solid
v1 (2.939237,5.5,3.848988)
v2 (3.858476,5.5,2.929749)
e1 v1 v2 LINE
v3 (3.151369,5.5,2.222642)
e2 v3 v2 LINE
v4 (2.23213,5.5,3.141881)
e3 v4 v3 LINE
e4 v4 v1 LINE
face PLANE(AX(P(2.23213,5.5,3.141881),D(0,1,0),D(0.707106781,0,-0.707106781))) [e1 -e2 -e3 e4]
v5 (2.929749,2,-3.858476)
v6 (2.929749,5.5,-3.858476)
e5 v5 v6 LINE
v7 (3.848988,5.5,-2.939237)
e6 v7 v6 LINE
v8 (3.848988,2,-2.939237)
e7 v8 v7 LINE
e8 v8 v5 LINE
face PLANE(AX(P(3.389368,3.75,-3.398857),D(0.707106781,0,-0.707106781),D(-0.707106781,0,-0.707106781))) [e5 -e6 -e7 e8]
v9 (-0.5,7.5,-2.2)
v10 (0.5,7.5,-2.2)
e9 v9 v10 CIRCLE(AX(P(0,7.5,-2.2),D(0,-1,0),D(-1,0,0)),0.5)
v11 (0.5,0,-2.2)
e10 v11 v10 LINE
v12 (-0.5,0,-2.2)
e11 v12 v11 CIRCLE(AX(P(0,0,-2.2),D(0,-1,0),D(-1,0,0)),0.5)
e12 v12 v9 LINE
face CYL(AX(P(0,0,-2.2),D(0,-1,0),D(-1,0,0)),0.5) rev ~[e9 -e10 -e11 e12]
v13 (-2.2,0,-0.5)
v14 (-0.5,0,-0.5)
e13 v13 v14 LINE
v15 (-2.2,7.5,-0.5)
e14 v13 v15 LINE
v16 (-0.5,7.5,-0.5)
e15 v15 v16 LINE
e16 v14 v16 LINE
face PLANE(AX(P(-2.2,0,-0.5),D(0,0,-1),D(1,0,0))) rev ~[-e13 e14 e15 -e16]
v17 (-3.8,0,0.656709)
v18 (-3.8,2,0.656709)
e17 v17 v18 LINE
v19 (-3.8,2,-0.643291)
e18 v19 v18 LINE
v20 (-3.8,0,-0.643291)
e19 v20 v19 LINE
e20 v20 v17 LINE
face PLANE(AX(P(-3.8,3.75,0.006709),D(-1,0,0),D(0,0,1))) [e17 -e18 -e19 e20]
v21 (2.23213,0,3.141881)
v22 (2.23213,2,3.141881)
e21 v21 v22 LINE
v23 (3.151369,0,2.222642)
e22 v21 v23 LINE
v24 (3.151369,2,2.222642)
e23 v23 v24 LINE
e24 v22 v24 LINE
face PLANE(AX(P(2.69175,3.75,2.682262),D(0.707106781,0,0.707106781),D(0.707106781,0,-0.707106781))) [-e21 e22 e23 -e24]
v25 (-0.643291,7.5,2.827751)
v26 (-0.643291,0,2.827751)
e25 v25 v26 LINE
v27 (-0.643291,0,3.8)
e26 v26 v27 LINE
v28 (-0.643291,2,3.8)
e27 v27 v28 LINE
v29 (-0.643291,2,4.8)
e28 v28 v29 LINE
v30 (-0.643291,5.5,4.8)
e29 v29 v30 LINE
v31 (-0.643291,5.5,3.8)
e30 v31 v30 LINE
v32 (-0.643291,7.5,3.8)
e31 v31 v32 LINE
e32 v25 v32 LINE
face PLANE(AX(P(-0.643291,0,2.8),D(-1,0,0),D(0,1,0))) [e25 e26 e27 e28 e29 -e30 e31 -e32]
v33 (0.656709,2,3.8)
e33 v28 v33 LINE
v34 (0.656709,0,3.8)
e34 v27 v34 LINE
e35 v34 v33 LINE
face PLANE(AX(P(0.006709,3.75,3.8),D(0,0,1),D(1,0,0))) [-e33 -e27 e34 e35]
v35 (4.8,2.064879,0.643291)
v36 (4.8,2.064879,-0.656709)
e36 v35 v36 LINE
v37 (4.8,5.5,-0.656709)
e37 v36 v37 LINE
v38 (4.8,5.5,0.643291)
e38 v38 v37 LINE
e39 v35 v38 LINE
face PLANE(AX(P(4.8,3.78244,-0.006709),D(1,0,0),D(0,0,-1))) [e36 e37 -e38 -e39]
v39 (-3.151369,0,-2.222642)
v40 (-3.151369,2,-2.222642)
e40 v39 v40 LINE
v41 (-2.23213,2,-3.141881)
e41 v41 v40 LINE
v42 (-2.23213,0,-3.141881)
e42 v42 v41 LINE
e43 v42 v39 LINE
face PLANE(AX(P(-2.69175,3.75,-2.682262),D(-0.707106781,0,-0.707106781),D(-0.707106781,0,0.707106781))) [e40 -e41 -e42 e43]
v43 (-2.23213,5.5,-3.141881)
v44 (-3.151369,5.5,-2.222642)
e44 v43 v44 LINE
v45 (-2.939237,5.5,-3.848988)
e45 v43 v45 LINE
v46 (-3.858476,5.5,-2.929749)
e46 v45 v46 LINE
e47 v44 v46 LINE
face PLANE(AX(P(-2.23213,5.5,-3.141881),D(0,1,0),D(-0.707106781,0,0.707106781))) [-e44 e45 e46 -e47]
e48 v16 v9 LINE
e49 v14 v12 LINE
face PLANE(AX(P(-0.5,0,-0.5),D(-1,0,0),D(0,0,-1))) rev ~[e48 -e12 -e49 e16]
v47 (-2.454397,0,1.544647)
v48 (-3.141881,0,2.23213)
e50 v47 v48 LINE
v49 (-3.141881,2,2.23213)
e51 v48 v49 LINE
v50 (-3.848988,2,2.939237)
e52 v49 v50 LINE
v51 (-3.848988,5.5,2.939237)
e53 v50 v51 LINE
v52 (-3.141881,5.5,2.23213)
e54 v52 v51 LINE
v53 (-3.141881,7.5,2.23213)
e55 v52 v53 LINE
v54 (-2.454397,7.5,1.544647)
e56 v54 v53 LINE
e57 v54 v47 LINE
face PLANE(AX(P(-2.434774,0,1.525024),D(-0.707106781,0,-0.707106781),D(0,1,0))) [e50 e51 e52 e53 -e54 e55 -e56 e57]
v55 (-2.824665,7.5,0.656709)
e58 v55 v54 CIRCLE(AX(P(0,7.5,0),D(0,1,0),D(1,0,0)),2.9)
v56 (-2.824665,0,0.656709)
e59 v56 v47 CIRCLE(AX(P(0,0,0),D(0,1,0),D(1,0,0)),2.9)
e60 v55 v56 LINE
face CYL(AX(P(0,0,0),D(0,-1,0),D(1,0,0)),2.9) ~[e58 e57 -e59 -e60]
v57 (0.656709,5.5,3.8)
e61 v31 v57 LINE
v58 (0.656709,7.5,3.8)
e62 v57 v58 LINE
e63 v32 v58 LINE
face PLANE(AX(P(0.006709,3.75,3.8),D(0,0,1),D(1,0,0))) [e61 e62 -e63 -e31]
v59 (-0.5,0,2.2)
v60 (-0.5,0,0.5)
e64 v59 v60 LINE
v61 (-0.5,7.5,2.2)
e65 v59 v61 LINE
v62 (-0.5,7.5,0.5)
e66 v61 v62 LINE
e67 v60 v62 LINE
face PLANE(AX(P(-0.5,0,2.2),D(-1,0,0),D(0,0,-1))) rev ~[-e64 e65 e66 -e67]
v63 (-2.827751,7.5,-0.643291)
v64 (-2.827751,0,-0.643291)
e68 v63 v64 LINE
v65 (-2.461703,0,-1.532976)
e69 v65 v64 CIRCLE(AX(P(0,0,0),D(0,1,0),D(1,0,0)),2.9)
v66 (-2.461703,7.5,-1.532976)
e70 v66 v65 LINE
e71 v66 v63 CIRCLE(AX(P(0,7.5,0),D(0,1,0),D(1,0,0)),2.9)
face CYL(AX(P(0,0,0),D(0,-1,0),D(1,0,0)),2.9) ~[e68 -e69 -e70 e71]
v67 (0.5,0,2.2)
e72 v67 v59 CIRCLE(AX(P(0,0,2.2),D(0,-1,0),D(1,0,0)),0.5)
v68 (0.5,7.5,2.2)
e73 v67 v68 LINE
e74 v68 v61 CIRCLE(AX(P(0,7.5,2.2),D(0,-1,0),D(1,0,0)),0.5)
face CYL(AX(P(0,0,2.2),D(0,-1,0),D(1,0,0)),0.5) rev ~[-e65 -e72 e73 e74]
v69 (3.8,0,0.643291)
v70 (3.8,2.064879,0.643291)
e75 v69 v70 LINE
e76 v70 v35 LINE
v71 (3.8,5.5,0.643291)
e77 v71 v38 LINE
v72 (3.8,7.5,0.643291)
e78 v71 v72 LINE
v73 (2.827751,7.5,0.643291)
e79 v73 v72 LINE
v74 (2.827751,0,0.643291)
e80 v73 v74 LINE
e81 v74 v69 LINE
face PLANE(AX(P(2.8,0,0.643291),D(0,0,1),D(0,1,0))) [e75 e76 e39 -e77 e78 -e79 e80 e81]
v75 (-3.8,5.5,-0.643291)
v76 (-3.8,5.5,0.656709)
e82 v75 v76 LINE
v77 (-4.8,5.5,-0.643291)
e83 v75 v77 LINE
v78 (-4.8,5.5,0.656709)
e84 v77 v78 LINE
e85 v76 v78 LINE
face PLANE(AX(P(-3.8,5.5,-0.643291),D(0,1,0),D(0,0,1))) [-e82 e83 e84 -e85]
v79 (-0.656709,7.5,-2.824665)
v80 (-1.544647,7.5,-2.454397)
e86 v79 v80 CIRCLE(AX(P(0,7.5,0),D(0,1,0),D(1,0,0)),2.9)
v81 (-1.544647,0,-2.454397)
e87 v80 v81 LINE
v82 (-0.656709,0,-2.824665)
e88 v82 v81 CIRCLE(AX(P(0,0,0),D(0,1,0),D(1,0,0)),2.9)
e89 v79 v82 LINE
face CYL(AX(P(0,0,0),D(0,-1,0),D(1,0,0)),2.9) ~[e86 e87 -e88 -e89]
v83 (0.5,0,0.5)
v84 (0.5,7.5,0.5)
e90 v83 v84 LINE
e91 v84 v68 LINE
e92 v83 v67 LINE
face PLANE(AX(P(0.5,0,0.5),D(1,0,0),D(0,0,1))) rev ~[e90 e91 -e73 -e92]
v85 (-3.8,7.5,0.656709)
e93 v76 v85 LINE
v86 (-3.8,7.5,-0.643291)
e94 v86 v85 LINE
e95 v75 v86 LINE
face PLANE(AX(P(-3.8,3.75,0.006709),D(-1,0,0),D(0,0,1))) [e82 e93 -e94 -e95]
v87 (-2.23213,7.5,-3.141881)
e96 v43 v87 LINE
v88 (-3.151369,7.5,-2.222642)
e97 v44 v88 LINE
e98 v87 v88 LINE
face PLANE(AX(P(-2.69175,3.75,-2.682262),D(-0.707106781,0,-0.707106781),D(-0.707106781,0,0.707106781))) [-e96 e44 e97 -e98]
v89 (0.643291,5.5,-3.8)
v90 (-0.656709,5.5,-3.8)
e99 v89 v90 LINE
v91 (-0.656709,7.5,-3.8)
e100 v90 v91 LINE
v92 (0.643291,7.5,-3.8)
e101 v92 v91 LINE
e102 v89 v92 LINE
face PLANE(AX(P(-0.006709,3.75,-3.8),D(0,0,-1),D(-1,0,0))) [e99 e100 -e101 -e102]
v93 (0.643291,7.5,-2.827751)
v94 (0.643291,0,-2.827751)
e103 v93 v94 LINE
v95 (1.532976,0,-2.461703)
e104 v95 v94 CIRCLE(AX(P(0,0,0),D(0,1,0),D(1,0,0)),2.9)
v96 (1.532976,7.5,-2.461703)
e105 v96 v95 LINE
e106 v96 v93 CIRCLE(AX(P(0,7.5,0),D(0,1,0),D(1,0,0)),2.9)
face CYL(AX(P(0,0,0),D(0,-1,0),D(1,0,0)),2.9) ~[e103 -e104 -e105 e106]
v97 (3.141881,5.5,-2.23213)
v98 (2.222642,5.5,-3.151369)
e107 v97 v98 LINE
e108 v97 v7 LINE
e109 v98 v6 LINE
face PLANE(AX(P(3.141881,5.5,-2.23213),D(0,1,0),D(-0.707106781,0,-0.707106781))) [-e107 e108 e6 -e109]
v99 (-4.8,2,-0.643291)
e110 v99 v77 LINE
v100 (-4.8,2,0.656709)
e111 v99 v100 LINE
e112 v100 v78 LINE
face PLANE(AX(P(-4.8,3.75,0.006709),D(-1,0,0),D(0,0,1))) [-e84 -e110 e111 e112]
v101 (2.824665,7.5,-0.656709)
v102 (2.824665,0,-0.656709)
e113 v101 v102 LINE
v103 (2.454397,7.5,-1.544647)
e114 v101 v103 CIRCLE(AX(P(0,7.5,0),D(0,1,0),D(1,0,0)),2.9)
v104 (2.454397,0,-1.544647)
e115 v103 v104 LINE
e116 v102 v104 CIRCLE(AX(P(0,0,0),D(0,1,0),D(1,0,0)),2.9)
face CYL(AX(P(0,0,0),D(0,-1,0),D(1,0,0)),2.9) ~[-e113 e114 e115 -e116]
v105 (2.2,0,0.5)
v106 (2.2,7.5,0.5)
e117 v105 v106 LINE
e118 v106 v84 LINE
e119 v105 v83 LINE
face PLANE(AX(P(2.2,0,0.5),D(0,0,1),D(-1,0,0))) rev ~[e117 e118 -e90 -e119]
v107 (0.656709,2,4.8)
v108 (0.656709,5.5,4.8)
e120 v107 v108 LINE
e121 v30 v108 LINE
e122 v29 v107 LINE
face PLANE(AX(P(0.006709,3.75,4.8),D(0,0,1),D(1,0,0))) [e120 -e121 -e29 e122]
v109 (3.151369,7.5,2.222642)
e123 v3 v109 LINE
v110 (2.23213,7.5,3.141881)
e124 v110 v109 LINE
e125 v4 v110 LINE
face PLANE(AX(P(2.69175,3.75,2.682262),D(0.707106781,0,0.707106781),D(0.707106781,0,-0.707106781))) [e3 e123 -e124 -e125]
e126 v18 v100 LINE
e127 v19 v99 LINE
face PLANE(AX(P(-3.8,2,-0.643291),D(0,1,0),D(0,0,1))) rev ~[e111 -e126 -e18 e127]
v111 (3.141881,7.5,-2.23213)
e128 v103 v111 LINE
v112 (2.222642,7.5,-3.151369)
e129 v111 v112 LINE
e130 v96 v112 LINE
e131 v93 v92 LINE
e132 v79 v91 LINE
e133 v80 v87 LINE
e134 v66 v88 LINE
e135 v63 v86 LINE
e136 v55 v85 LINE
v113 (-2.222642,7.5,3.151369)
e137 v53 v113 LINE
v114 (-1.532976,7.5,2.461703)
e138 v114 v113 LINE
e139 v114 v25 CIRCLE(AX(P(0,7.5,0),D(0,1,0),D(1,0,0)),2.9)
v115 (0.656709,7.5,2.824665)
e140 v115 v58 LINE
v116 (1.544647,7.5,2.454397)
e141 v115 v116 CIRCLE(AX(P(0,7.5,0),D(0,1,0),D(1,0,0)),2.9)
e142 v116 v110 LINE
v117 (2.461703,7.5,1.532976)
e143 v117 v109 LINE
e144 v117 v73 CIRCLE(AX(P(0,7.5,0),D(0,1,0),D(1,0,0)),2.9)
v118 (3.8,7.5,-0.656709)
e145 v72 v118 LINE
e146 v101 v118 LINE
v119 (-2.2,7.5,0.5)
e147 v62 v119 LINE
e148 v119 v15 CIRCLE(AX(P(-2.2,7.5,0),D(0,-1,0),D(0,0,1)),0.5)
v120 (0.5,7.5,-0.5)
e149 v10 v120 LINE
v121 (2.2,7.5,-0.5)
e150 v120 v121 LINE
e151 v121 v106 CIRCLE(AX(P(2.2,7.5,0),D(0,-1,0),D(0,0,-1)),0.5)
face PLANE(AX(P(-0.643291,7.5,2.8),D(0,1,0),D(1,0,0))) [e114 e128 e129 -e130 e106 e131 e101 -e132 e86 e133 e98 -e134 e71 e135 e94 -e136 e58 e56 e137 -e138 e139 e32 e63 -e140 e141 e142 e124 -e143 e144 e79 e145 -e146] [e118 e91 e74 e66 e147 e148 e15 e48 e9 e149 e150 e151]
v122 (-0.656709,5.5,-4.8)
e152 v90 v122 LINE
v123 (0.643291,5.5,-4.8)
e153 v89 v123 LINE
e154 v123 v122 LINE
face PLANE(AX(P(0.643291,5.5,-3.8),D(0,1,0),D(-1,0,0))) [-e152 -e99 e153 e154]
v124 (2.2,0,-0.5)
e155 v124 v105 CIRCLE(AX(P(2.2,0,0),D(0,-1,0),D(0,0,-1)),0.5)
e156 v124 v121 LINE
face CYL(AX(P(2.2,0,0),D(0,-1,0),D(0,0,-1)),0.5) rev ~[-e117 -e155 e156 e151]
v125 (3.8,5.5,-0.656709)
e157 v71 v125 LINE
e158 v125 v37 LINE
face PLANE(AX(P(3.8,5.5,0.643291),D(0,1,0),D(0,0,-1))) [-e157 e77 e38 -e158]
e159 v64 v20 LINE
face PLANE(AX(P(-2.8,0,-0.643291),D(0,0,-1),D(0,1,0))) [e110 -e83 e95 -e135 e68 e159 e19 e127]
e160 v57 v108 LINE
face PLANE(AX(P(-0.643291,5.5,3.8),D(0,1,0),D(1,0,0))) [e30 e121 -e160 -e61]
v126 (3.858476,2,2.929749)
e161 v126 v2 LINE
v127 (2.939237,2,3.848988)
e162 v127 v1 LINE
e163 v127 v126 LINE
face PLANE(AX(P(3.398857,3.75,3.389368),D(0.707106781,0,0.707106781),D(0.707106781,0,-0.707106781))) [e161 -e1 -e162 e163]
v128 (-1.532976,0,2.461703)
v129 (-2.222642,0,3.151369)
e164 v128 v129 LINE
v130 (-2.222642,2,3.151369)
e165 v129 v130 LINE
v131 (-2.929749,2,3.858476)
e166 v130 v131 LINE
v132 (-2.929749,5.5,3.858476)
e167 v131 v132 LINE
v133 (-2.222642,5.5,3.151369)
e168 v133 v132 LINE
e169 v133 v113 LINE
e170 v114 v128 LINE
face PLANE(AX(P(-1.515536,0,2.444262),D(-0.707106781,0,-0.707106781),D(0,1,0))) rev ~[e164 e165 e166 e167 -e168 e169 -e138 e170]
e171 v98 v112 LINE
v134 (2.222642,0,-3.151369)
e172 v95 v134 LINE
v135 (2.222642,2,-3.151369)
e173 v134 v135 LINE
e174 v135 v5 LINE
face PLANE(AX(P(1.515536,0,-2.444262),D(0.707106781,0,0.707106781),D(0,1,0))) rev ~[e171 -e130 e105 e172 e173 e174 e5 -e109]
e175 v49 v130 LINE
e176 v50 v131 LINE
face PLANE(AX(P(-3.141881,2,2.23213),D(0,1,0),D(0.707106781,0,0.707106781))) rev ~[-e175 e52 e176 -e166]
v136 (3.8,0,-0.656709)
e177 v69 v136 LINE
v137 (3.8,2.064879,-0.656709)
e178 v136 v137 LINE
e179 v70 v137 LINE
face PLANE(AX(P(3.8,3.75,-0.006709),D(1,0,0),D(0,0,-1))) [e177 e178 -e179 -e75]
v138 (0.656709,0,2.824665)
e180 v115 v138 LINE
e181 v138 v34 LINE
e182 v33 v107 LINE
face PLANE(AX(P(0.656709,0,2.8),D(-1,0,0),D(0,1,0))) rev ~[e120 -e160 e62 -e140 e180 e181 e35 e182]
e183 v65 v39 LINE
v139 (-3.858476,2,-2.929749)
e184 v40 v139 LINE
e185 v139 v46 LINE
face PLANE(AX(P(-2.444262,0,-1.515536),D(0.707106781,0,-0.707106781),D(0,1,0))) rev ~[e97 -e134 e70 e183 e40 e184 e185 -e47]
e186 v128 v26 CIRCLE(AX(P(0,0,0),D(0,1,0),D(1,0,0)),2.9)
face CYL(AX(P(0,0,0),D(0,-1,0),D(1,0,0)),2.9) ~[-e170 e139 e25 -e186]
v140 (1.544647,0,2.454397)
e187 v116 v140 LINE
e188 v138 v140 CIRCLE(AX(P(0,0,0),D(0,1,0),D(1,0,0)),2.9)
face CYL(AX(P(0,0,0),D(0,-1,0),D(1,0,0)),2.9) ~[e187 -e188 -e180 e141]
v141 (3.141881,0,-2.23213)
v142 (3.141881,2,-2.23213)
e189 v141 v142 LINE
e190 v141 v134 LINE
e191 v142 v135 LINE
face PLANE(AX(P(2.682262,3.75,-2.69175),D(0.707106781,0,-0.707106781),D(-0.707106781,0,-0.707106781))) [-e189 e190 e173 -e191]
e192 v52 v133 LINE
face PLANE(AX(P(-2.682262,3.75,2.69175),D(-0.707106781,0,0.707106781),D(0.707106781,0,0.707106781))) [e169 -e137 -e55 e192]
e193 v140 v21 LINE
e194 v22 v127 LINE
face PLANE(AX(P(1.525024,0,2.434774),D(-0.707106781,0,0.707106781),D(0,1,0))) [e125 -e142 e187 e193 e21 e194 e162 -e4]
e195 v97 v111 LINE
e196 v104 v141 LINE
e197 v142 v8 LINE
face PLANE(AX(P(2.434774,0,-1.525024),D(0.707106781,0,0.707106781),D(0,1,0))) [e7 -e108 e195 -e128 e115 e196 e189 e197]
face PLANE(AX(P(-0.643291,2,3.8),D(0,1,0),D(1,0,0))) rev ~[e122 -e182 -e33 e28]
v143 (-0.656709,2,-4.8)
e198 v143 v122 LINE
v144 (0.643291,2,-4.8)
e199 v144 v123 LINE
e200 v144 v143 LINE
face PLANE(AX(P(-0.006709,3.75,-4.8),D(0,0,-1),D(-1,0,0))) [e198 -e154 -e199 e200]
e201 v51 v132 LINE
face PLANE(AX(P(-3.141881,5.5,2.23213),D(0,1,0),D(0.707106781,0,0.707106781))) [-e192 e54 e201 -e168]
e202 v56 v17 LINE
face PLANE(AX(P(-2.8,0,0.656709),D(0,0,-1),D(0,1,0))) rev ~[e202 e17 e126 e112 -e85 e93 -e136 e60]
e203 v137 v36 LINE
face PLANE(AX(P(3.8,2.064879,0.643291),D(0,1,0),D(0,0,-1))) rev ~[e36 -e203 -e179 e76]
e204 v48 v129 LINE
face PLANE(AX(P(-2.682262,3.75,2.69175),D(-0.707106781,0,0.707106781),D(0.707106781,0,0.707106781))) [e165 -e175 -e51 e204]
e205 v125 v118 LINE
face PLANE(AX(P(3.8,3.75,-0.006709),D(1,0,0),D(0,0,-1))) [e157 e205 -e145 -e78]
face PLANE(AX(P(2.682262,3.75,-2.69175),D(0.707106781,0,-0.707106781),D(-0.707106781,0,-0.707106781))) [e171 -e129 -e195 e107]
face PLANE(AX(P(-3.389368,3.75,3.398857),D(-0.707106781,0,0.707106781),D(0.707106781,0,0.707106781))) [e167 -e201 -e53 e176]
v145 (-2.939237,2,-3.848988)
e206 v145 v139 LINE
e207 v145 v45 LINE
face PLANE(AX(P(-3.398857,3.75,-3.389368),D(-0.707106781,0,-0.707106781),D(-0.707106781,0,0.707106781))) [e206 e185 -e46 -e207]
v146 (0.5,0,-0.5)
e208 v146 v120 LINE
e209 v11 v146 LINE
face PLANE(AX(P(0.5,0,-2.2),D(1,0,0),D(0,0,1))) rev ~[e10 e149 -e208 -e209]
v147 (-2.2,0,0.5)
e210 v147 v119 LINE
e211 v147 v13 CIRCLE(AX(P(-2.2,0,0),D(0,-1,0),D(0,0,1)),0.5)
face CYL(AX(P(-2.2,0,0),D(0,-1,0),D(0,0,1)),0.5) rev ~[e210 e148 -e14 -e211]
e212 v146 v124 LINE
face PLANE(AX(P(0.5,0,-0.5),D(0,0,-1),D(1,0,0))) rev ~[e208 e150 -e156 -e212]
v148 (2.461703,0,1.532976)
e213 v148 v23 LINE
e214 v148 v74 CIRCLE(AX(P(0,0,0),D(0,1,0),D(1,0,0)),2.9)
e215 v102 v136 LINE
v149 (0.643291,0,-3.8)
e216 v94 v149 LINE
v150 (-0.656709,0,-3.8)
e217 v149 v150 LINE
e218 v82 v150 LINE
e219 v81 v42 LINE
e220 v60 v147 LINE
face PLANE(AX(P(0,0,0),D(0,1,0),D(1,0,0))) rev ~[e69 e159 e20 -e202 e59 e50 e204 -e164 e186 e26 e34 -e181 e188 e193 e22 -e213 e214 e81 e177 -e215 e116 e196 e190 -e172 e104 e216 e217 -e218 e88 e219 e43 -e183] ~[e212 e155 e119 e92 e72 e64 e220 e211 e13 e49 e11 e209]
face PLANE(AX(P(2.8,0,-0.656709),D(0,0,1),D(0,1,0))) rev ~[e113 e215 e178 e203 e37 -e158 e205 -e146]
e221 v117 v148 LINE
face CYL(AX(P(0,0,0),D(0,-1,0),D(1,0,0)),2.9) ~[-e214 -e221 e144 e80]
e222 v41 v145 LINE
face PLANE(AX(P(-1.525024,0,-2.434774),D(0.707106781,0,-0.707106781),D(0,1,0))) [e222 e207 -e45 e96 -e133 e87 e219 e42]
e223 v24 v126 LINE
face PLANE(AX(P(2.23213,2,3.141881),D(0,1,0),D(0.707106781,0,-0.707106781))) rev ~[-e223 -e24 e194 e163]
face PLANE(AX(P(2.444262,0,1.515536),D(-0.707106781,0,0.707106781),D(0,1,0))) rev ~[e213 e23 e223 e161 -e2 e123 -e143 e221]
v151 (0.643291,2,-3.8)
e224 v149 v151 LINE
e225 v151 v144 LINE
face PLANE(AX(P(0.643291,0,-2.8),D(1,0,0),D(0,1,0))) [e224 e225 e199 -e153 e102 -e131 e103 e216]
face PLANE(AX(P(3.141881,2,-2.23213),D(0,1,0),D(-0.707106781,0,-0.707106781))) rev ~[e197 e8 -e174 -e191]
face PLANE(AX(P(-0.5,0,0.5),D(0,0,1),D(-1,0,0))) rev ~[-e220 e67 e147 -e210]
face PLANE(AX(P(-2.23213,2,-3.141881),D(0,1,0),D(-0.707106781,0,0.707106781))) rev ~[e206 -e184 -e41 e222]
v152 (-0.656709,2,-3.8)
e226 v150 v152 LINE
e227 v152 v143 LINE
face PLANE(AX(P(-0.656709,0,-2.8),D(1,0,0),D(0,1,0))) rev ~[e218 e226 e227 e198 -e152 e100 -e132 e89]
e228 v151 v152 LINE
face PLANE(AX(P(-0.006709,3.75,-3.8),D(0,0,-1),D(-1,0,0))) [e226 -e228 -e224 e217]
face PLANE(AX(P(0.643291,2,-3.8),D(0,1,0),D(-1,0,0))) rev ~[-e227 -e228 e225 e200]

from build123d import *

# Parameters (mm, degrees)
SKETCH1_R            = 2.9
BOSS_EXTRUDE1_DEPTH  = 7.5
SKETCH2_W            = 1
SKETCH2_H            = 1
CUT_EXTRUDE1_DEPTH   = 7.5
SKETCH8_W            = 1.3
SKETCH8_H            = 7.5
BOSS_EXTRUDE4_DEPTH  = 1
CIRPATTERN3_COUNT    = 8
SKETCH10_W           = 1.3
SKETCH10_H           = 3.5
BOSS_EXTRUDE6_DEPTH  = 1
SKETCH11_W           = 1.3
SKETCH11_H           = 3.5
BOSS_EXTRUDE7_DEPTH  = 1
SKETCH12_W           = 1.3
SKETCH12_H           = 3.5
BOSS_EXTRUDE8_DEPTH  = 1
SKETCH14_W           = 1.3
SKETCH14_H           = 3.5
BOSS_EXTRUDE9_DEPTH  = 1
SKETCH15_W           = 1.3
SKETCH15_H           = 3.5
BOSS_EXTRUDE10_DEPTH = 1
SKETCH16_W           = 1.3
SKETCH16_H           = 3.5
BOSS_EXTRUDE11_DEPTH = 1
SKETCH17_W           = 1.3
SKETCH17_H           = 3.43512081
BOSS_EXTRUDE12_DEPTH = 1
SKETCH18_W           = 1.3
SKETCH18_H           = 3.5
BOSS_EXTRUDE13_DEPTH = 1


with BuildPart() as part:
    # Sketch1 → Boss-Extrude1 (new body)
    with BuildSketch(Plane(origin=(0, 0, 0), x_dir=(1, 0, 0), z_dir=(0, 1, 0))):
        Circle(SKETCH1_R)
    extrude(amount=BOSS_EXTRUDE1_DEPTH)

    # Sketch2 → Cut-Extrude1 (cut)
    with BuildSketch(Plane.XZ):
        with BuildLine():
            Line((0.5, 0.5), (0.5, 2.2))
            ThreePointArc((0.5, 2.2), (0, 2.7), (-0.5, 2.2))
            Line((-0.5, 2.2), (-0.5, 0.5))
            Line((-0.5, 0.5), (0.5, 0.5))
        make_face()
        Rectangle(SKETCH2_W, SKETCH2_H)
        with BuildLine():
            Line((0.5, -2.2), (0.5, -0.5))
            Line((0.5, -0.5), (-0.5, -0.5))
            Line((-0.5, -0.5), (-0.5, -2.2))
            ThreePointArc((-0.5, -2.2), (0, -2.7), (0.5, -2.2))
        make_face()
        with BuildLine():
            Line((2.2, 0.5), (0.5, 0.5))
            Line((0.5, 0.5), (0.5, -0.5))
            Line((0.5, -0.5), (2.2, -0.5))
            ThreePointArc((2.2, -0.5), (2.7, 0), (2.2, 0.5))
        make_face()
        with BuildLine():
            Line((-0.5, -0.5), (-0.5, 0.5))
            Line((-0.5, 0.5), (-2.2, 0.5))
            ThreePointArc((-2.2, 0.5), (-2.7, 0), (-2.2, -0.5))
            Line((-2.2, -0.5), (-0.5, -0.5))
        make_face()
    extrude(amount=-CUT_EXTRUDE1_DEPTH, mode=Mode.SUBTRACT)

    # Sketch8 → Boss-Extrude4 (add)
    with BuildSketch(Plane(origin=(2.8, 0, 0), x_dir=(0, 0, -1), z_dir=(1, 0, 0))):
        with Locations((0.006709133, 3.75)):
            Rectangle(SKETCH8_W, SKETCH8_H)
    boss_extrude4 = extrude(amount=BOSS_EXTRUDE4_DEPTH)

    # CirPattern3: Boss-Extrude4 ×8 about axis
    cirpattern3_axis = Axis((0, 0, 0), (0, 1, 0))
    for i in range(1, CIRPATTERN3_COUNT):
        add(boss_extrude4.rotate(cirpattern3_axis, i * 360 / CIRPATTERN3_COUNT))

    # Sketch10 → Boss-Extrude6 (add)
    with BuildSketch(Plane(origin=(0, 0, -3.8), x_dir=(-1, 0, 0), z_dir=(0, 0, -1))):
        with Locations((0.006709133, 3.75)):
            Rectangle(SKETCH10_W, SKETCH10_H)
    extrude(amount=BOSS_EXTRUDE6_DEPTH)

    # Sketch11 → Boss-Extrude7 (add)
    with BuildSketch(Plane(origin=(-2.687005769, 0, -2.687005769), x_dir=(-0.707106781, 0, 0.707106781), z_dir=(-0.707106781, 0, -0.707106781))):
        with Locations((0.006709133, 3.75)):
            Rectangle(SKETCH11_W, SKETCH11_H)
    extrude(amount=BOSS_EXTRUDE7_DEPTH)

    # Sketch12 → Boss-Extrude8 (add)
    with BuildSketch(Plane.ZY.offset(3.8)):
        with Locations((0.006709133, 3.75)):
            Rectangle(SKETCH12_W, SKETCH12_H)
    extrude(amount=BOSS_EXTRUDE8_DEPTH)

    # Sketch14 → Boss-Extrude9 (add)
    with BuildSketch(Plane(origin=(-2.687005769, 0, 2.687005769), x_dir=(0.707106781, 0, 0.707106781), z_dir=(-0.707106781, 0, 0.707106781))):
        with Locations((0.006709133, 3.75)):
            Rectangle(SKETCH14_W, SKETCH14_H)
    extrude(amount=BOSS_EXTRUDE9_DEPTH)

    # Sketch15 → Boss-Extrude10 (add)
    with BuildSketch(Plane.XY.offset(3.8)):
        with Locations((0.006709133, 3.75)):
            Rectangle(SKETCH15_W, SKETCH15_H)
    extrude(amount=BOSS_EXTRUDE10_DEPTH)

    # Sketch16 → Boss-Extrude11 (add)
    with BuildSketch(Plane(origin=(2.687005769, 0, 2.687005769), x_dir=(0.707106781, 0, -0.707106781), z_dir=(0.707106781, 0, 0.707106781))):
        with Locations((0.006709133, 3.75)):
            Rectangle(SKETCH16_W, SKETCH16_H)
    extrude(amount=BOSS_EXTRUDE11_DEPTH)

    # Sketch17 → Boss-Extrude12 (add)
    with BuildSketch(Plane(origin=(3.8, 0, 0), x_dir=(0, 0, -1), z_dir=(1, 0, 0))):
        with Locations((0.006709133, 3.782439595)):
            Rectangle(SKETCH17_W, SKETCH17_H)
    extrude(amount=BOSS_EXTRUDE12_DEPTH)

    # Sketch18 → Boss-Extrude13 (add)
    with BuildSketch(Plane(origin=(2.687005769, 0, -2.687005769), x_dir=(-0.707106781, 0, -0.707106781), z_dir=(0.707106781, 0, -0.707106781))):
        with Locations((0.006709133, 3.75)):
            Rectangle(SKETCH18_W, SKETCH18_H)
    extrude(amount=BOSS_EXTRUDE13_DEPTH)


solid = part.part
